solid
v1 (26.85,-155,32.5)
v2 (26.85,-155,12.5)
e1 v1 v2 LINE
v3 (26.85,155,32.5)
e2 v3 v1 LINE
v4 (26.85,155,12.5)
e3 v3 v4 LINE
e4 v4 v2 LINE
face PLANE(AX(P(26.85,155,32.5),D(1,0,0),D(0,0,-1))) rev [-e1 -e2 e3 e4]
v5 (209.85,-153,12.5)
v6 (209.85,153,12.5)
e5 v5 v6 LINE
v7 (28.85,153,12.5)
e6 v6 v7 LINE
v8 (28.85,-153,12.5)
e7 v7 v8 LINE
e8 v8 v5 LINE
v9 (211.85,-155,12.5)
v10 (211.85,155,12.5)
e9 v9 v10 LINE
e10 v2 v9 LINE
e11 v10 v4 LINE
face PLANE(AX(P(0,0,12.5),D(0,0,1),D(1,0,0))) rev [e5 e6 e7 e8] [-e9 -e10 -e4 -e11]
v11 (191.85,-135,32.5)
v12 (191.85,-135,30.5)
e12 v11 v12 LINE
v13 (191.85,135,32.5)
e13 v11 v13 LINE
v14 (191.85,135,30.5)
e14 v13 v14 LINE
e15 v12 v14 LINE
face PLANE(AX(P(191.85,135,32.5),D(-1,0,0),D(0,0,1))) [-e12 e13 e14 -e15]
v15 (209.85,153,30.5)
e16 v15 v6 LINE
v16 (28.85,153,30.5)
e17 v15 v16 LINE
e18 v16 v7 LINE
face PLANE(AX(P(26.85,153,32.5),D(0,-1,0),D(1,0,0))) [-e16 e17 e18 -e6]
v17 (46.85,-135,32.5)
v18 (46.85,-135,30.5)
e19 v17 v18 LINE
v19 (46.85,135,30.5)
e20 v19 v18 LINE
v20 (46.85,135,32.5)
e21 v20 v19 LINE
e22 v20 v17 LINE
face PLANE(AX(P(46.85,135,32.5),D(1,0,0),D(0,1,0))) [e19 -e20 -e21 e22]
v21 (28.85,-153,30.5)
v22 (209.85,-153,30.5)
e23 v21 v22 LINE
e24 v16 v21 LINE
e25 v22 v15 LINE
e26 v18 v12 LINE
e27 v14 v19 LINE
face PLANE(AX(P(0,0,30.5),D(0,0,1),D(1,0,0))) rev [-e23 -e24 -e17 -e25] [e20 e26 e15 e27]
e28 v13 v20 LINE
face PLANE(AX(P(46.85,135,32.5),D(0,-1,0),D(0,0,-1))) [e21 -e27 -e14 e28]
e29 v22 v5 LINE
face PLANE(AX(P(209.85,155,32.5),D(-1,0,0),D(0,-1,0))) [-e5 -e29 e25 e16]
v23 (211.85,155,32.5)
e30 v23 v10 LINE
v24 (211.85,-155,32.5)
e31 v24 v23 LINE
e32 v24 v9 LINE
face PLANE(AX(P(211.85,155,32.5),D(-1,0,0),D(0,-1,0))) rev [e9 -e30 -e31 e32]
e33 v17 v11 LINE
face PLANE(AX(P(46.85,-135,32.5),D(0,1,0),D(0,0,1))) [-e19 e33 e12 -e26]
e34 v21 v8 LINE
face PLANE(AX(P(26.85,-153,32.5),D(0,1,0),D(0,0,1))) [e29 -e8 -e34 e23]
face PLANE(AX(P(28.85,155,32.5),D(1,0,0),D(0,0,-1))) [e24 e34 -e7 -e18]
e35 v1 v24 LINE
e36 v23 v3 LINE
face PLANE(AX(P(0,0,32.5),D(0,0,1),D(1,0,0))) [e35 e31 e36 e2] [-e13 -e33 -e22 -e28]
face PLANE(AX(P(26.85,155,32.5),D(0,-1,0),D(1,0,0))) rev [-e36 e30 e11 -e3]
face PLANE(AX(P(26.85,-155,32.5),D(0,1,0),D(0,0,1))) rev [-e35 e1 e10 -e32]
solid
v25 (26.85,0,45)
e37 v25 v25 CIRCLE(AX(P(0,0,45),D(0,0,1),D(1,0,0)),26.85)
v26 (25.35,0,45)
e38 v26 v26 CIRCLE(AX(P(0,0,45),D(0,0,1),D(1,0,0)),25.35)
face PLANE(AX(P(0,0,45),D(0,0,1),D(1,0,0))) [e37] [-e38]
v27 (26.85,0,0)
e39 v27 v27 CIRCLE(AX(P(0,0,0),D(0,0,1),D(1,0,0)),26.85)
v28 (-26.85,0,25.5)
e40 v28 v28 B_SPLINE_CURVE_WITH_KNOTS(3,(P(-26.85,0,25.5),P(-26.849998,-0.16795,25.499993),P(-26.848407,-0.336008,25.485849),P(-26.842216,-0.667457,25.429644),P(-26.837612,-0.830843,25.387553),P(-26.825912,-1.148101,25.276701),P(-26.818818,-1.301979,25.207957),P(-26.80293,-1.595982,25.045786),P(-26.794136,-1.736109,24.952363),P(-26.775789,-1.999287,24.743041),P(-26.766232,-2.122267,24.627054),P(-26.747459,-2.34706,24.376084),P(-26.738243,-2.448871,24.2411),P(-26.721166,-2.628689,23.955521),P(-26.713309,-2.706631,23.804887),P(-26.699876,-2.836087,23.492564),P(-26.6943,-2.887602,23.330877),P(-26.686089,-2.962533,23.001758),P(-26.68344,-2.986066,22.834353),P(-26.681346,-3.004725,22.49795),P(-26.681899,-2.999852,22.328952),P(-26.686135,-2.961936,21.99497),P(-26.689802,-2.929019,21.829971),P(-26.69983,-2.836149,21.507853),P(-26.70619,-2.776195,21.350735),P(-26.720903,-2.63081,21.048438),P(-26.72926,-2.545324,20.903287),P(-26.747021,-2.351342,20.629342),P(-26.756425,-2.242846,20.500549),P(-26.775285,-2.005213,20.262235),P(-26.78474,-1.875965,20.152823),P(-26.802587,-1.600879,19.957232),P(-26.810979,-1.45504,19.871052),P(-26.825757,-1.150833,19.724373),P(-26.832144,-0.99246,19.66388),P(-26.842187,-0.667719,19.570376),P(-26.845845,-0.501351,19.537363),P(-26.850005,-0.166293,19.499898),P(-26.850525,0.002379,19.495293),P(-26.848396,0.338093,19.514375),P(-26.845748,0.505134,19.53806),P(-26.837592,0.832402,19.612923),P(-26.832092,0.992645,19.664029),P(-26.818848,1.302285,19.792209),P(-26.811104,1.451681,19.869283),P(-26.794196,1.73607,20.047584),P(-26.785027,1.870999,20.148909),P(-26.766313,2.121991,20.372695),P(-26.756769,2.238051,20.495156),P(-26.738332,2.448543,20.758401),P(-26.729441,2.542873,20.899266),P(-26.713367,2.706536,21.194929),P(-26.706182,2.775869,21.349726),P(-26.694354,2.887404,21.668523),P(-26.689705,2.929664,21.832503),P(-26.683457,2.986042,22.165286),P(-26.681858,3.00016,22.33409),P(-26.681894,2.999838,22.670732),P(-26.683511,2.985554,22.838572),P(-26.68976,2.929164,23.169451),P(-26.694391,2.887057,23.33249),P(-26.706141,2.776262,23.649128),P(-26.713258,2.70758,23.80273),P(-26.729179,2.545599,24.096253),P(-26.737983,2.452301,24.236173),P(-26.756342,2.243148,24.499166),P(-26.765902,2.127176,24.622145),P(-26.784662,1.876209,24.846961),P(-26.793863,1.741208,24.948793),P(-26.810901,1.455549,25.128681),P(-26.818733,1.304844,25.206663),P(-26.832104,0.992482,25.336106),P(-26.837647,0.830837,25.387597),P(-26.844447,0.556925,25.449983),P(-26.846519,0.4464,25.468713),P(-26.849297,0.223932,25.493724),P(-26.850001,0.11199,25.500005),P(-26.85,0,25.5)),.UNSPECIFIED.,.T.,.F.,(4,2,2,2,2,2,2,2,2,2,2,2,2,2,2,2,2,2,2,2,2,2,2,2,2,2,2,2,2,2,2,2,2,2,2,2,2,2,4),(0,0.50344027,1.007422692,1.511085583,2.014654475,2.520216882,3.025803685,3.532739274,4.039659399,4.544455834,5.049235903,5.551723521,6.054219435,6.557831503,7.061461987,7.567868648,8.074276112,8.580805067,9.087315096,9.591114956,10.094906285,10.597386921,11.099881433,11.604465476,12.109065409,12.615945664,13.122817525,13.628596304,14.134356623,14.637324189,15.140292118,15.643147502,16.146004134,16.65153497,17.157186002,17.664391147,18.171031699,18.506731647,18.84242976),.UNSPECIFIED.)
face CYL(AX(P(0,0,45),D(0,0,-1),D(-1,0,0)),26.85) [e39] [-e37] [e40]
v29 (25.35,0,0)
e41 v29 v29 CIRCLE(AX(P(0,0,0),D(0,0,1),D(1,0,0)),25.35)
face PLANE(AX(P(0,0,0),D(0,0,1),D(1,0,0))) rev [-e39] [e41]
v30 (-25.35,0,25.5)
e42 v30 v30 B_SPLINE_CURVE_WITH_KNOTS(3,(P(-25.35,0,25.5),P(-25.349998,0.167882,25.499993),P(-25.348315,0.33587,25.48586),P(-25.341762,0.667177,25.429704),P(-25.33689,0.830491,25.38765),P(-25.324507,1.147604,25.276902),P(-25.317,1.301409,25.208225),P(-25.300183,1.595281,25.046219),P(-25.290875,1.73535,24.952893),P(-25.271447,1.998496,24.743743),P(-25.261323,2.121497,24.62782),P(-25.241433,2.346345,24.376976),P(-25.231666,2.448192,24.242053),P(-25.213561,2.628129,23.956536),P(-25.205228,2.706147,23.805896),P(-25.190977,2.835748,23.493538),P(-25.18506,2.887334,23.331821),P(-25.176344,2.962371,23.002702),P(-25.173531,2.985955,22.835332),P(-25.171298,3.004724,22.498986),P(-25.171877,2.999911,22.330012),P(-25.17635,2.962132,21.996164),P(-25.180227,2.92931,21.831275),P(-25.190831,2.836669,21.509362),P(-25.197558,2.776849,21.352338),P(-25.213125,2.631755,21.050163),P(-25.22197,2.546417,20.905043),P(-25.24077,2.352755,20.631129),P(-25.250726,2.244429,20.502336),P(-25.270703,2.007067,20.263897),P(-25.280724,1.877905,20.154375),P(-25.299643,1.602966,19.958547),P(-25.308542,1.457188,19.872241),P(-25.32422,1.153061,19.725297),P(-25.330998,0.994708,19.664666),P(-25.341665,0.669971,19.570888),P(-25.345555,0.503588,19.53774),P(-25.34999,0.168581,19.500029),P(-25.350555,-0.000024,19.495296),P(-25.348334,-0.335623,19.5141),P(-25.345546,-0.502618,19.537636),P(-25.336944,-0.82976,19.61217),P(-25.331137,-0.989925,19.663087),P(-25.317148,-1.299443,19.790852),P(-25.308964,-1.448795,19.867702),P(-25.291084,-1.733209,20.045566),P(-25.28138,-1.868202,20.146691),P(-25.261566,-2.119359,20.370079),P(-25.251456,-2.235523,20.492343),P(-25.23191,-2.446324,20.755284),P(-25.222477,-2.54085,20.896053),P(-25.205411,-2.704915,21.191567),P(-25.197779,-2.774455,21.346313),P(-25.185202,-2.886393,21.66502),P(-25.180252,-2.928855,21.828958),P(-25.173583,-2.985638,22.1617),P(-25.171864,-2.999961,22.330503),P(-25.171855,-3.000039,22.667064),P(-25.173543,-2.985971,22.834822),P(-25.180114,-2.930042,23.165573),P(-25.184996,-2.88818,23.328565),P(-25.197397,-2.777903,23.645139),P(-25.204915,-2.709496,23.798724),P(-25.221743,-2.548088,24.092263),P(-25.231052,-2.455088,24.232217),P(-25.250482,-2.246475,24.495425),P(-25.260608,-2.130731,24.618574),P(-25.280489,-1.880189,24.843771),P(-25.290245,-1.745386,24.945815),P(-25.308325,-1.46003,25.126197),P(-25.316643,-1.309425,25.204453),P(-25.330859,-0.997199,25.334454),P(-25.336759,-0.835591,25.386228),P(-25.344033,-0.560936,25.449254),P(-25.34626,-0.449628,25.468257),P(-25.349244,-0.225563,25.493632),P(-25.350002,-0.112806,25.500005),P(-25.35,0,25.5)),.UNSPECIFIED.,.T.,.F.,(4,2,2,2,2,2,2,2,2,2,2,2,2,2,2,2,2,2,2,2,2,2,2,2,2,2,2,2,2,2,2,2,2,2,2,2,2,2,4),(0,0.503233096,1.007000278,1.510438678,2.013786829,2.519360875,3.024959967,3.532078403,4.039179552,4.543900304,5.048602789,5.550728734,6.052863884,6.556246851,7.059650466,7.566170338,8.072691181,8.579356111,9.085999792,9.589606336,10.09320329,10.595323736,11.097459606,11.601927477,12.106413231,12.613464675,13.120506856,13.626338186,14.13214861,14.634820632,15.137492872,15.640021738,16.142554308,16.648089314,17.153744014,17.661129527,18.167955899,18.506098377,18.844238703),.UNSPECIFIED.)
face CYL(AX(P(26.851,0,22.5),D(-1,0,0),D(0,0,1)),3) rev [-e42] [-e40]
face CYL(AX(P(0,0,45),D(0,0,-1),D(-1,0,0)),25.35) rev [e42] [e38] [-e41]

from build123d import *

# Parameters (mm, degrees)
SKETCH1_R               = 26.85
SKETCH1_R_2             = 25.35
BOSS_EXTRUDE1_DEPTH     = 45
CUT_EXTRUDE2_REACH      = 77.031
CUT_EXTRUDE2_END_RADIUS = 25.35
SKETCH2_R               = 3
SKETCH9_W               = 185
SKETCH9_H               = 310
SKETCH9_W_2             = 145
SKETCH9_H_2             = 270
BOSS_EXTRUDE2_DEPTH     = 10
SHELL3_T                = -2


with BuildPart() as part:
    # Sketch1 → Boss-Extrude1 (new body)
    with BuildSketch(Plane.XY):
        with Locations(Location((0, 0, 0), (0, 0, 180))):
            Circle(SKETCH1_R)
        with Locations(Location((0, 0, 0), (0, 0, 180))):
            Circle(SKETCH1_R_2, mode=Mode.SUBTRACT)
    extrude(amount=BOSS_EXTRUDE1_DEPTH)

    # Cut-Extrude2: up to this cylinder (the profile starts outside it)
    cut_extrude2_end = Plane(origin=(0, 0, 22.5), z_dir=(0, 0, -1)) * Cylinder(CUT_EXTRUDE2_END_RADIUS, 205.762, mode=Mode.PRIVATE)
    # Sketch2 → Cut-Extrude2 (cut, up to the surface)
    with BuildSketch(Plane.ZY.offset(26.85), mode=Mode.PRIVATE) as cut_extrude2_sk1:
        with Locations((22.5, 0)):
            Circle(SKETCH2_R)
    cut_extrude2_tool1 = extrude(cut_extrude2_sk1.sketch, amount=-CUT_EXTRUDE2_REACH, mode=Mode.PRIVATE) - cut_extrude2_end
    add(cut_extrude2_tool1.solids().sort_by_distance((-26.85, 0, 22.5))[0], mode=Mode.SUBTRACT)


with BuildPart() as body_2:
    # Sketch9 → Boss-Extrude2 (new, symmetric)
    with BuildSketch(Plane.XY.offset(22.5)):
        with Locations((119.35, 0)):
            Rectangle(SKETCH9_W, SKETCH9_H)
        with Locations((119.35, 0)):
            Rectangle(SKETCH9_W_2, SKETCH9_H_2, mode=Mode.SUBTRACT)
    extrude(amount=BOSS_EXTRUDE2_DEPTH, both=True)

    # Shell3
    shell3_openings = [body_2.faces().sort_by_distance(p)[0] for p in [
        (119.35, 151.389944599, 12.5),
        (46.85, 0, 22.5),
        (119.35, -135, 22.5),
        (191.85, 0, 22.5),
        (119.35, 135, 22.5),
    ]]
    offset(amount=SHELL3_T, openings=shell3_openings, kind=Kind.INTERSECTION)


solid = Compound([part.part, body_2.part])
